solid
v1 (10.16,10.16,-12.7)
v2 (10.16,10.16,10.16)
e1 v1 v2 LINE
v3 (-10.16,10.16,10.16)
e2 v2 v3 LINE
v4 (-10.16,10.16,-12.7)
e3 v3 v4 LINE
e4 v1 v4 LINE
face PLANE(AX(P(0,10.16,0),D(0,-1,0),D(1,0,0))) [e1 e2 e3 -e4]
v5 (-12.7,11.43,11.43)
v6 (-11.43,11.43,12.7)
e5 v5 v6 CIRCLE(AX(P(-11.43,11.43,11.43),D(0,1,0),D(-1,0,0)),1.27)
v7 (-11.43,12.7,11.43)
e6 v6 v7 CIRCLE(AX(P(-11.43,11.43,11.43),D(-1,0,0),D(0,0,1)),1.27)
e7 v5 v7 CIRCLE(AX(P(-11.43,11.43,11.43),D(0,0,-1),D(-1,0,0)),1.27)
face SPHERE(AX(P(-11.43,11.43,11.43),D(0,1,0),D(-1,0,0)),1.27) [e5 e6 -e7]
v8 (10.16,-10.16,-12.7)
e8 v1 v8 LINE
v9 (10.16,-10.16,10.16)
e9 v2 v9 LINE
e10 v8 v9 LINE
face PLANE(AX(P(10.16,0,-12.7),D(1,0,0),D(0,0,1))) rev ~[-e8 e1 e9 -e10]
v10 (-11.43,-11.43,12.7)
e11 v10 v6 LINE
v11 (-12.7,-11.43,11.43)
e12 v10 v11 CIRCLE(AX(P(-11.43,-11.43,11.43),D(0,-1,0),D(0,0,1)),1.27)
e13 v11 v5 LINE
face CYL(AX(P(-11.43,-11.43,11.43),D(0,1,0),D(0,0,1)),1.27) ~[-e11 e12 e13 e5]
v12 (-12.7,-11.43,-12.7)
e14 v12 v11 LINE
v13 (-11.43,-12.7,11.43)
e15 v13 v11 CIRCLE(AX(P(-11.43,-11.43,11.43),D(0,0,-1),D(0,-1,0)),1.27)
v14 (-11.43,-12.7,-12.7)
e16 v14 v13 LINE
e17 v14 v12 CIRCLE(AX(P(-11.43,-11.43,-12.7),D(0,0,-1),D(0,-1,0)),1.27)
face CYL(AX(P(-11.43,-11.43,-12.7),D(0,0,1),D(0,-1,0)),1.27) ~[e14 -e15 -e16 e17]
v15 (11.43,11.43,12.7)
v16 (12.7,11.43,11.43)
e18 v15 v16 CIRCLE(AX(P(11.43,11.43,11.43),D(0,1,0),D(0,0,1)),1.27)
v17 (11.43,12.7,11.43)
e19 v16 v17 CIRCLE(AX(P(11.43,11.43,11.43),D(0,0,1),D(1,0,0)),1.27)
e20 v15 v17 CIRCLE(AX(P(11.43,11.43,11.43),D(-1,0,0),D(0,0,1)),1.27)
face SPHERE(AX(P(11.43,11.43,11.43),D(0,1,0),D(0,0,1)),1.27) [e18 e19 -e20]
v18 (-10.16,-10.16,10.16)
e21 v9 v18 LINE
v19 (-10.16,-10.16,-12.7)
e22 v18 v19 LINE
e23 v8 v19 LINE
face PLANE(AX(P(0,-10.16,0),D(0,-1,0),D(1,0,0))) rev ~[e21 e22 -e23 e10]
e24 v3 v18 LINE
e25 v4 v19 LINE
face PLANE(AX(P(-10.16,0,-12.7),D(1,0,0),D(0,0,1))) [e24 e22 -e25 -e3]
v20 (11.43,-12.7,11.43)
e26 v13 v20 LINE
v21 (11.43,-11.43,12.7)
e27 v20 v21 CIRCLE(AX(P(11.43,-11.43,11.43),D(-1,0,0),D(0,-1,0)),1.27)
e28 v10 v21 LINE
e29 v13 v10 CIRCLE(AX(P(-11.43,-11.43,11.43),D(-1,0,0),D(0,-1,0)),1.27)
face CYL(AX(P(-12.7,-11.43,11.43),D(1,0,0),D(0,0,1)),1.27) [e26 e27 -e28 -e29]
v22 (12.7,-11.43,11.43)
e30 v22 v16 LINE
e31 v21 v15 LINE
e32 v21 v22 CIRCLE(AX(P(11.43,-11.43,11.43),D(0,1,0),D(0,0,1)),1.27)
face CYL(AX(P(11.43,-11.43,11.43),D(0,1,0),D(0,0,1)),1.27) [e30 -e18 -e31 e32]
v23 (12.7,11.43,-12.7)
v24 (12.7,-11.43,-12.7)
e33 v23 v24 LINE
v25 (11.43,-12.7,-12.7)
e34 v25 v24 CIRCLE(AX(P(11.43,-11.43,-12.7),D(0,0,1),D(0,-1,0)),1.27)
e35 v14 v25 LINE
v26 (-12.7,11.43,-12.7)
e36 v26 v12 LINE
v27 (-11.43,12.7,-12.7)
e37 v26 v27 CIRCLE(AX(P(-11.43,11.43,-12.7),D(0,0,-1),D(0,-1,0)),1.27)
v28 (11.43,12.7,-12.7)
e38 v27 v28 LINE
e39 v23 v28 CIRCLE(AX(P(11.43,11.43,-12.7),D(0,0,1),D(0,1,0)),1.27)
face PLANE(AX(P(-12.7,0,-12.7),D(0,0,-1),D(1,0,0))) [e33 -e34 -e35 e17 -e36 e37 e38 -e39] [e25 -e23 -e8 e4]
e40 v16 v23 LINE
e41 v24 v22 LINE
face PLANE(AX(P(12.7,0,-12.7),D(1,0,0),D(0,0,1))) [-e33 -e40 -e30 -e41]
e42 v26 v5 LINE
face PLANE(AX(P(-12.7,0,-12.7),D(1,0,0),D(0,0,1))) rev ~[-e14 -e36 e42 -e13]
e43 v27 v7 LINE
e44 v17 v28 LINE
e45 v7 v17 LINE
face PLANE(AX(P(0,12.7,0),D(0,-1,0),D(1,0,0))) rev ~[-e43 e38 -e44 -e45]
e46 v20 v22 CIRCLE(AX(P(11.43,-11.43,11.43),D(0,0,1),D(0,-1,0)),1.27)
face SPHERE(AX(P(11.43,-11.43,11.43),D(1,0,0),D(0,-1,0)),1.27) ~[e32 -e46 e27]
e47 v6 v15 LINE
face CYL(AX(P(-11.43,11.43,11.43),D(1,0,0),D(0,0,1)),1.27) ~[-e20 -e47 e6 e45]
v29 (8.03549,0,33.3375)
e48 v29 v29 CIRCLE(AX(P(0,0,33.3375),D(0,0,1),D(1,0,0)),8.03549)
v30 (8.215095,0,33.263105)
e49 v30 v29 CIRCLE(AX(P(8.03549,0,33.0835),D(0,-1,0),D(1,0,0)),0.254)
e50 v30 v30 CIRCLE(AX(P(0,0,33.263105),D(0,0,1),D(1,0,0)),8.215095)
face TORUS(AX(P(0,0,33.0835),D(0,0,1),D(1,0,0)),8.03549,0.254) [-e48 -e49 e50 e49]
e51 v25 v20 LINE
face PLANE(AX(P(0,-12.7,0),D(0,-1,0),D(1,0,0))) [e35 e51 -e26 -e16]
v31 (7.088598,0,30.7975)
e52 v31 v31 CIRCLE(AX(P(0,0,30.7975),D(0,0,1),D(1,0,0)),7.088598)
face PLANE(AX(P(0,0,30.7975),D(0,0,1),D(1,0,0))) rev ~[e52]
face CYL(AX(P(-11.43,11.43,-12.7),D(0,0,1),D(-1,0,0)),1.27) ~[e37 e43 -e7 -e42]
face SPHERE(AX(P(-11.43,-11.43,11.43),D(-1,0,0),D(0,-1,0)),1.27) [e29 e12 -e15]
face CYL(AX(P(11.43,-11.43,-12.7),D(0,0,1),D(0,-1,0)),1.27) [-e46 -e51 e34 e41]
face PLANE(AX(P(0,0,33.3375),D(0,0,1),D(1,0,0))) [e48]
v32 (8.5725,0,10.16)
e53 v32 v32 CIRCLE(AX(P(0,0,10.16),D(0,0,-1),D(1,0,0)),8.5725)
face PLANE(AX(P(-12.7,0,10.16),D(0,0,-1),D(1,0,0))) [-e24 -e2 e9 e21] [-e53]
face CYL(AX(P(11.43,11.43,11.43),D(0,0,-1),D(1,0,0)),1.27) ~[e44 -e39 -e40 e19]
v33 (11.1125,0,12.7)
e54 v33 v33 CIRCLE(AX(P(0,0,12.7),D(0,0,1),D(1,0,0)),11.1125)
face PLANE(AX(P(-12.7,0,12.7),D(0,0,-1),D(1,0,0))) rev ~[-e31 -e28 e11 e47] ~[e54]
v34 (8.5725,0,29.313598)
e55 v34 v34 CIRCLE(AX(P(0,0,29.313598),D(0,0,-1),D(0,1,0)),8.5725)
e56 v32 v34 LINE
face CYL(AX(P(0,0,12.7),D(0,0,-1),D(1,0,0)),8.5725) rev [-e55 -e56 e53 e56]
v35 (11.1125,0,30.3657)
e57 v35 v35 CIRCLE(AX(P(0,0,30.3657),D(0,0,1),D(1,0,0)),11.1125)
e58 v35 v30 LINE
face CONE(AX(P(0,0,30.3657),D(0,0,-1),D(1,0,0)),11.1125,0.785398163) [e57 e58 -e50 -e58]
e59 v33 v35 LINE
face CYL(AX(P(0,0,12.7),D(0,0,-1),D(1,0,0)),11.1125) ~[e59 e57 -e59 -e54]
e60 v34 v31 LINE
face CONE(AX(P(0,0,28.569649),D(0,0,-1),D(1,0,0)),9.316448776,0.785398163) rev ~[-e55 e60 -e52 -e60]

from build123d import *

# Parameters (mm, degrees)
F0_W     = 25.4
F0_H     = 25.4
F1_DEPTH = 12.7
F2_R     = 11.1125
F3_DEPTH = 20.6375
F4_SIZE  = 2.9718
F5_R     = 0.254
F6_R     = 1.27
F7_R     = 1.27
F8_R     = 1.27
F9_R     = 1.27
F10_T    = -2.54


with BuildPart() as f1:
    # F0 (on Front) → F1 (new body, symmetric)
    with BuildSketch(Plane.XZ):
        Rectangle(F0_W, F0_H)
    extrude(amount=F1_DEPTH, both=True)

    # F2 (on face) → F3 (join)
    with BuildSketch(Plane.XY.offset(12.7)):
        Circle(F2_R)
    extrude(amount=F3_DEPTH)

    # F4
    f4_edges = [f1.edges().sort_by_distance(p)[0] for p in [
        (-11.1125, 0, 33.3375),
    ]]
    chamfer(f4_edges, length=F4_SIZE)

    # F5
    f5_edges = [f1.edges().sort_by_distance(p)[0] for p in [
        (-8.1407, 0, 33.3375),
    ]]
    fillet(f5_edges, radius=F5_R)

    # F6
    f6_edges = [f1.edges().sort_by_distance(p)[0] for p in [
        (0, -12.7, 12.7),
    ]]
    fillet(f6_edges, radius=F6_R)

    # F7
    f7_edges = [f1.edges().sort_by_distance(p)[0] for p in [
        (12.7, 0.635, 12.7),
    ]]
    fillet(f7_edges, radius=F7_R)

    # F8
    f8_edges = [f1.edges().sort_by_distance(p)[0] for p in [
        (-12.7, 0.635, 12.7),
    ]]
    fillet(f8_edges, radius=F8_R)

    # F9
    f9_edges = [f1.edges().sort_by_distance(p)[0] for p in [
        (0, 12.7, 12.7),
    ]]
    fillet(f9_edges, radius=F9_R)

    # F10
    f10_openings = [f1.faces().sort_by_distance(p)[0] for p in [
        (0, 0, -12.7),
    ]]
    offset(amount=F10_T, openings=f10_openings, kind=Kind.INTERSECTION)


solid = f1.part
